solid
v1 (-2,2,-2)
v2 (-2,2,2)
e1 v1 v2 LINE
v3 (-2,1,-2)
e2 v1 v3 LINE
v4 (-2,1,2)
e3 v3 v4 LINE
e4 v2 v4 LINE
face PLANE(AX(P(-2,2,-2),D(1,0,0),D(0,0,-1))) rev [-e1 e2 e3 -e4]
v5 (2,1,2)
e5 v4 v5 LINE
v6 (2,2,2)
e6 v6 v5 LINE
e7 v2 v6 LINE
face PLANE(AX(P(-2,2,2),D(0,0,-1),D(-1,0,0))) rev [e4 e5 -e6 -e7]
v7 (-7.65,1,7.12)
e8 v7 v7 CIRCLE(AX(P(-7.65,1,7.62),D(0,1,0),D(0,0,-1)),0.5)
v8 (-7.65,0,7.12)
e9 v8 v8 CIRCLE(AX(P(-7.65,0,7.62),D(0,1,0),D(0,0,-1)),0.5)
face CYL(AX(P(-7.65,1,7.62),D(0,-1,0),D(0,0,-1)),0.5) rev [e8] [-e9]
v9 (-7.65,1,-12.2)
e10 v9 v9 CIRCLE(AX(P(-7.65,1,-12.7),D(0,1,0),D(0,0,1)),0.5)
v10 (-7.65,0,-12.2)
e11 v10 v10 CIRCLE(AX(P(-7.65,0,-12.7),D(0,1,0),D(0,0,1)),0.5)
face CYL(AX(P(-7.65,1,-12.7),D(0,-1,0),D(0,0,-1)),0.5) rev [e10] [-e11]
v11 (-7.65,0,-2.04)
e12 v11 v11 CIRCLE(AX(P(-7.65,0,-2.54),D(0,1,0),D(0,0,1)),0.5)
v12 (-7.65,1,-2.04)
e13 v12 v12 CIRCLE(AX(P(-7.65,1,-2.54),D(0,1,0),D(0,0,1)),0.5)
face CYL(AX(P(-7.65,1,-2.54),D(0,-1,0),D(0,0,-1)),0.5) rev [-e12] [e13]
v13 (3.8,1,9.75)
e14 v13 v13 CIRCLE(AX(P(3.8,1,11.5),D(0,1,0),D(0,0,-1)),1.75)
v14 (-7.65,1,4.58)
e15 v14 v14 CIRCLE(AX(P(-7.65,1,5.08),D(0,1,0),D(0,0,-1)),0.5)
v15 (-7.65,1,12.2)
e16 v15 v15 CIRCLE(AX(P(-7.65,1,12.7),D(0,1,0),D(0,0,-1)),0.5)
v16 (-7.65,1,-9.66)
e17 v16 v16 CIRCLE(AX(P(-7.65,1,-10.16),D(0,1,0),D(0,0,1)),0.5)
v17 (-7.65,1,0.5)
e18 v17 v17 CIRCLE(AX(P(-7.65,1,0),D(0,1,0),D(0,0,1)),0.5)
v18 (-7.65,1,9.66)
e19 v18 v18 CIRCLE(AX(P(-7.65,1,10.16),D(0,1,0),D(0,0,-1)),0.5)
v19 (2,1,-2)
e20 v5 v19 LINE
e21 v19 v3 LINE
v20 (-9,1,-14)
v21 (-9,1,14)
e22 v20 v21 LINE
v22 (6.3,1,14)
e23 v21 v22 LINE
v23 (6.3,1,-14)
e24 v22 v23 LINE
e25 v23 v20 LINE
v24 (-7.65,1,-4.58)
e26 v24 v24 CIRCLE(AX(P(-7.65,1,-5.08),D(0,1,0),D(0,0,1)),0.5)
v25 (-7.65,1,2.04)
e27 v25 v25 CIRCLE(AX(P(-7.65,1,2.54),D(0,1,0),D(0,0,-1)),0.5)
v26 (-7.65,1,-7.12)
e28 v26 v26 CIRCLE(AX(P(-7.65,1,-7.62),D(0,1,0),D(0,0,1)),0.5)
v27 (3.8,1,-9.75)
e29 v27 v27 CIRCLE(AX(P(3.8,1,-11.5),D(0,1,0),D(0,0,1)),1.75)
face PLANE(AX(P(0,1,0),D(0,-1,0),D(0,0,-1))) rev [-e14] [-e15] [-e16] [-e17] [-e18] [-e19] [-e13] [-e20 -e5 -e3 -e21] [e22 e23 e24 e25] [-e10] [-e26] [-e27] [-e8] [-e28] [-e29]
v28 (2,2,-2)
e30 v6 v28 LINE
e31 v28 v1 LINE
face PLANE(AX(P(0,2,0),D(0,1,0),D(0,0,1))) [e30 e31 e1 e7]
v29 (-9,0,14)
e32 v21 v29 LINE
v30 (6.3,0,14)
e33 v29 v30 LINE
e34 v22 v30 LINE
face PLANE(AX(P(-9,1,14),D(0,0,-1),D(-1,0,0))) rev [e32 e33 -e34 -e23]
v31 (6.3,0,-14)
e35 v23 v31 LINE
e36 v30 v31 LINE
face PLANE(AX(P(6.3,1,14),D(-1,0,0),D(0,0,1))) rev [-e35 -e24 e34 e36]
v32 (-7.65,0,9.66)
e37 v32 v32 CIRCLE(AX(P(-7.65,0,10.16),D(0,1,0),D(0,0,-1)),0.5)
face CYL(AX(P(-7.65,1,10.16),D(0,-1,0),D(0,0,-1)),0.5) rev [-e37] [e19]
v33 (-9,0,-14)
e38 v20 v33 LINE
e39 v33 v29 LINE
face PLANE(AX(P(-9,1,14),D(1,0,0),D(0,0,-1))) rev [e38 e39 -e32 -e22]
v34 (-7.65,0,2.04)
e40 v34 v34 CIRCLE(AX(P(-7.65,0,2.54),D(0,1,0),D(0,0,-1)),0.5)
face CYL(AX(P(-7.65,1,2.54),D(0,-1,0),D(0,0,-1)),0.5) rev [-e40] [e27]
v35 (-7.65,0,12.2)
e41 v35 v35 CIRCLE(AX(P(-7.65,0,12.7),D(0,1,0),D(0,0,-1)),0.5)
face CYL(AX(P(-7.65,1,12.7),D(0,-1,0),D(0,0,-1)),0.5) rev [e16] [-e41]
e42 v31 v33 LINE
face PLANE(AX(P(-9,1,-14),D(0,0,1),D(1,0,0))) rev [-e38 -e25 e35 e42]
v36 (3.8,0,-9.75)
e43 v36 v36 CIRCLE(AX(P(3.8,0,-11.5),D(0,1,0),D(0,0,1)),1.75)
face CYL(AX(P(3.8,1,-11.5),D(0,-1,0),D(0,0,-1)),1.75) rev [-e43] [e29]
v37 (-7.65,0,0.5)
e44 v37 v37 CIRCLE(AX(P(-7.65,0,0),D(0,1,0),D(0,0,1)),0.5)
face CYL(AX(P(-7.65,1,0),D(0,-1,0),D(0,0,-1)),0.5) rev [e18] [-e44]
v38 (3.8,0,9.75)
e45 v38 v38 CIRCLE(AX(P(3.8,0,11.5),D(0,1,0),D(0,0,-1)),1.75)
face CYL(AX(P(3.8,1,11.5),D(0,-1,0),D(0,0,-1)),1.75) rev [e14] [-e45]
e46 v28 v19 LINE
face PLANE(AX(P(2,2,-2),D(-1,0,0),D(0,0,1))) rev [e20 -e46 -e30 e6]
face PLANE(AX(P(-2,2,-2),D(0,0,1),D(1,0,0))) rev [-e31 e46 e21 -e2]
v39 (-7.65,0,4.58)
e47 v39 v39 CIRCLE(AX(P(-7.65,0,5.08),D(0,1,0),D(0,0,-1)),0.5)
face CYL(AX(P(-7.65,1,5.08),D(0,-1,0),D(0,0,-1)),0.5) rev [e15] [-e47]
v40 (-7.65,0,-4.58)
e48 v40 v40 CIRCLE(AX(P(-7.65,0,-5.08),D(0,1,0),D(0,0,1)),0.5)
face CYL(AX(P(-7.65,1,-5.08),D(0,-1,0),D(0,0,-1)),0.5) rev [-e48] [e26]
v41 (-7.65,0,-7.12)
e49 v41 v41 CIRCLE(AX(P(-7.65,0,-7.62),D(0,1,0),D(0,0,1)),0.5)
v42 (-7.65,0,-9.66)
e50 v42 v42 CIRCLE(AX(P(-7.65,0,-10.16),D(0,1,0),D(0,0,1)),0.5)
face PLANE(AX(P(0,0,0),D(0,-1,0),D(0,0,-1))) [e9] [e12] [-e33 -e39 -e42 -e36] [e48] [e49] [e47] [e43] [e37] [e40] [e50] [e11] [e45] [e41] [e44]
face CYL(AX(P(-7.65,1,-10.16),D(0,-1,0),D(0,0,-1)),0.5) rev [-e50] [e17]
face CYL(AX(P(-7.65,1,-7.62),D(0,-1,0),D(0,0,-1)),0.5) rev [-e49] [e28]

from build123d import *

# Parameters (mm, degrees)
SKETCH1_W           = 15.3
SKETCH1_H           = 28
SKETCH1_R           = 1.75
SKETCH1_R_2         = 0.5
BOSS_EXTRUDE1_DEPTH = 1
SKETCH2_W           = 4
SKETCH2_H           = 4
BOSS_EXTRUDE2_DEPTH = 1


with BuildPart() as part:
    # Sketch1 → Boss-Extrude1 (new body)
    with BuildSketch(Plane(origin=(0, 0, 0), x_dir=(1, 0, 0), z_dir=(0, 1, 0))):
        with Locations((-1.35, 0)):
            Rectangle(SKETCH1_W, SKETCH1_H)
        with Locations(Location((3.8, 11.5, 0), (0, 0, 270))):
            Circle(SKETCH1_R, mode=Mode.SUBTRACT)
        with Locations(Location((3.8, -11.5, 0), (0, 0, 90))):
            Circle(SKETCH1_R, mode=Mode.SUBTRACT)
        with Locations(Location((-7.65, 0, 0), (0, 0, 270))):
            Circle(SKETCH1_R_2, mode=Mode.SUBTRACT)
        with Locations(Location((-7.65, 2.54, 0), (0, 0, 270))):
            Circle(SKETCH1_R_2, mode=Mode.SUBTRACT)
        with Locations(Location((-7.65, 5.08, 0), (0, 0, 270))):
            Circle(SKETCH1_R_2, mode=Mode.SUBTRACT)
        with Locations(Location((-7.65, 7.62, 0), (0, 0, 270))):
            Circle(SKETCH1_R_2, mode=Mode.SUBTRACT)
        with Locations(Location((-7.65, 10.16, 0), (0, 0, 270))):
            Circle(SKETCH1_R_2, mode=Mode.SUBTRACT)
        with Locations(Location((-7.65, 12.7, 0), (0, 0, 270))):
            Circle(SKETCH1_R_2, mode=Mode.SUBTRACT)
        with Locations(Location((-7.65, -12.7, 0), (0, 0, 90))):
            Circle(SKETCH1_R_2, mode=Mode.SUBTRACT)
        with Locations(Location((-7.65, -10.16, 0), (0, 0, 90))):
            Circle(SKETCH1_R_2, mode=Mode.SUBTRACT)
        with Locations(Location((-7.65, -7.62, 0), (0, 0, 90))):
            Circle(SKETCH1_R_2, mode=Mode.SUBTRACT)
        with Locations(Location((-7.65, -5.08, 0), (0, 0, 90))):
            Circle(SKETCH1_R_2, mode=Mode.SUBTRACT)
        with Locations(Location((-7.65, -2.54, 0), (0, 0, 90))):
            Circle(SKETCH1_R_2, mode=Mode.SUBTRACT)
    extrude(amount=BOSS_EXTRUDE1_DEPTH)

    # Sketch2 → Boss-Extrude2 (add)
    with BuildSketch(Plane(origin=(0, 1, 0), x_dir=(1, 0, 0), z_dir=(0, 1, 0))):
        Rectangle(SKETCH2_W, SKETCH2_H)
    extrude(amount=BOSS_EXTRUDE2_DEPTH)


solid = part.part
